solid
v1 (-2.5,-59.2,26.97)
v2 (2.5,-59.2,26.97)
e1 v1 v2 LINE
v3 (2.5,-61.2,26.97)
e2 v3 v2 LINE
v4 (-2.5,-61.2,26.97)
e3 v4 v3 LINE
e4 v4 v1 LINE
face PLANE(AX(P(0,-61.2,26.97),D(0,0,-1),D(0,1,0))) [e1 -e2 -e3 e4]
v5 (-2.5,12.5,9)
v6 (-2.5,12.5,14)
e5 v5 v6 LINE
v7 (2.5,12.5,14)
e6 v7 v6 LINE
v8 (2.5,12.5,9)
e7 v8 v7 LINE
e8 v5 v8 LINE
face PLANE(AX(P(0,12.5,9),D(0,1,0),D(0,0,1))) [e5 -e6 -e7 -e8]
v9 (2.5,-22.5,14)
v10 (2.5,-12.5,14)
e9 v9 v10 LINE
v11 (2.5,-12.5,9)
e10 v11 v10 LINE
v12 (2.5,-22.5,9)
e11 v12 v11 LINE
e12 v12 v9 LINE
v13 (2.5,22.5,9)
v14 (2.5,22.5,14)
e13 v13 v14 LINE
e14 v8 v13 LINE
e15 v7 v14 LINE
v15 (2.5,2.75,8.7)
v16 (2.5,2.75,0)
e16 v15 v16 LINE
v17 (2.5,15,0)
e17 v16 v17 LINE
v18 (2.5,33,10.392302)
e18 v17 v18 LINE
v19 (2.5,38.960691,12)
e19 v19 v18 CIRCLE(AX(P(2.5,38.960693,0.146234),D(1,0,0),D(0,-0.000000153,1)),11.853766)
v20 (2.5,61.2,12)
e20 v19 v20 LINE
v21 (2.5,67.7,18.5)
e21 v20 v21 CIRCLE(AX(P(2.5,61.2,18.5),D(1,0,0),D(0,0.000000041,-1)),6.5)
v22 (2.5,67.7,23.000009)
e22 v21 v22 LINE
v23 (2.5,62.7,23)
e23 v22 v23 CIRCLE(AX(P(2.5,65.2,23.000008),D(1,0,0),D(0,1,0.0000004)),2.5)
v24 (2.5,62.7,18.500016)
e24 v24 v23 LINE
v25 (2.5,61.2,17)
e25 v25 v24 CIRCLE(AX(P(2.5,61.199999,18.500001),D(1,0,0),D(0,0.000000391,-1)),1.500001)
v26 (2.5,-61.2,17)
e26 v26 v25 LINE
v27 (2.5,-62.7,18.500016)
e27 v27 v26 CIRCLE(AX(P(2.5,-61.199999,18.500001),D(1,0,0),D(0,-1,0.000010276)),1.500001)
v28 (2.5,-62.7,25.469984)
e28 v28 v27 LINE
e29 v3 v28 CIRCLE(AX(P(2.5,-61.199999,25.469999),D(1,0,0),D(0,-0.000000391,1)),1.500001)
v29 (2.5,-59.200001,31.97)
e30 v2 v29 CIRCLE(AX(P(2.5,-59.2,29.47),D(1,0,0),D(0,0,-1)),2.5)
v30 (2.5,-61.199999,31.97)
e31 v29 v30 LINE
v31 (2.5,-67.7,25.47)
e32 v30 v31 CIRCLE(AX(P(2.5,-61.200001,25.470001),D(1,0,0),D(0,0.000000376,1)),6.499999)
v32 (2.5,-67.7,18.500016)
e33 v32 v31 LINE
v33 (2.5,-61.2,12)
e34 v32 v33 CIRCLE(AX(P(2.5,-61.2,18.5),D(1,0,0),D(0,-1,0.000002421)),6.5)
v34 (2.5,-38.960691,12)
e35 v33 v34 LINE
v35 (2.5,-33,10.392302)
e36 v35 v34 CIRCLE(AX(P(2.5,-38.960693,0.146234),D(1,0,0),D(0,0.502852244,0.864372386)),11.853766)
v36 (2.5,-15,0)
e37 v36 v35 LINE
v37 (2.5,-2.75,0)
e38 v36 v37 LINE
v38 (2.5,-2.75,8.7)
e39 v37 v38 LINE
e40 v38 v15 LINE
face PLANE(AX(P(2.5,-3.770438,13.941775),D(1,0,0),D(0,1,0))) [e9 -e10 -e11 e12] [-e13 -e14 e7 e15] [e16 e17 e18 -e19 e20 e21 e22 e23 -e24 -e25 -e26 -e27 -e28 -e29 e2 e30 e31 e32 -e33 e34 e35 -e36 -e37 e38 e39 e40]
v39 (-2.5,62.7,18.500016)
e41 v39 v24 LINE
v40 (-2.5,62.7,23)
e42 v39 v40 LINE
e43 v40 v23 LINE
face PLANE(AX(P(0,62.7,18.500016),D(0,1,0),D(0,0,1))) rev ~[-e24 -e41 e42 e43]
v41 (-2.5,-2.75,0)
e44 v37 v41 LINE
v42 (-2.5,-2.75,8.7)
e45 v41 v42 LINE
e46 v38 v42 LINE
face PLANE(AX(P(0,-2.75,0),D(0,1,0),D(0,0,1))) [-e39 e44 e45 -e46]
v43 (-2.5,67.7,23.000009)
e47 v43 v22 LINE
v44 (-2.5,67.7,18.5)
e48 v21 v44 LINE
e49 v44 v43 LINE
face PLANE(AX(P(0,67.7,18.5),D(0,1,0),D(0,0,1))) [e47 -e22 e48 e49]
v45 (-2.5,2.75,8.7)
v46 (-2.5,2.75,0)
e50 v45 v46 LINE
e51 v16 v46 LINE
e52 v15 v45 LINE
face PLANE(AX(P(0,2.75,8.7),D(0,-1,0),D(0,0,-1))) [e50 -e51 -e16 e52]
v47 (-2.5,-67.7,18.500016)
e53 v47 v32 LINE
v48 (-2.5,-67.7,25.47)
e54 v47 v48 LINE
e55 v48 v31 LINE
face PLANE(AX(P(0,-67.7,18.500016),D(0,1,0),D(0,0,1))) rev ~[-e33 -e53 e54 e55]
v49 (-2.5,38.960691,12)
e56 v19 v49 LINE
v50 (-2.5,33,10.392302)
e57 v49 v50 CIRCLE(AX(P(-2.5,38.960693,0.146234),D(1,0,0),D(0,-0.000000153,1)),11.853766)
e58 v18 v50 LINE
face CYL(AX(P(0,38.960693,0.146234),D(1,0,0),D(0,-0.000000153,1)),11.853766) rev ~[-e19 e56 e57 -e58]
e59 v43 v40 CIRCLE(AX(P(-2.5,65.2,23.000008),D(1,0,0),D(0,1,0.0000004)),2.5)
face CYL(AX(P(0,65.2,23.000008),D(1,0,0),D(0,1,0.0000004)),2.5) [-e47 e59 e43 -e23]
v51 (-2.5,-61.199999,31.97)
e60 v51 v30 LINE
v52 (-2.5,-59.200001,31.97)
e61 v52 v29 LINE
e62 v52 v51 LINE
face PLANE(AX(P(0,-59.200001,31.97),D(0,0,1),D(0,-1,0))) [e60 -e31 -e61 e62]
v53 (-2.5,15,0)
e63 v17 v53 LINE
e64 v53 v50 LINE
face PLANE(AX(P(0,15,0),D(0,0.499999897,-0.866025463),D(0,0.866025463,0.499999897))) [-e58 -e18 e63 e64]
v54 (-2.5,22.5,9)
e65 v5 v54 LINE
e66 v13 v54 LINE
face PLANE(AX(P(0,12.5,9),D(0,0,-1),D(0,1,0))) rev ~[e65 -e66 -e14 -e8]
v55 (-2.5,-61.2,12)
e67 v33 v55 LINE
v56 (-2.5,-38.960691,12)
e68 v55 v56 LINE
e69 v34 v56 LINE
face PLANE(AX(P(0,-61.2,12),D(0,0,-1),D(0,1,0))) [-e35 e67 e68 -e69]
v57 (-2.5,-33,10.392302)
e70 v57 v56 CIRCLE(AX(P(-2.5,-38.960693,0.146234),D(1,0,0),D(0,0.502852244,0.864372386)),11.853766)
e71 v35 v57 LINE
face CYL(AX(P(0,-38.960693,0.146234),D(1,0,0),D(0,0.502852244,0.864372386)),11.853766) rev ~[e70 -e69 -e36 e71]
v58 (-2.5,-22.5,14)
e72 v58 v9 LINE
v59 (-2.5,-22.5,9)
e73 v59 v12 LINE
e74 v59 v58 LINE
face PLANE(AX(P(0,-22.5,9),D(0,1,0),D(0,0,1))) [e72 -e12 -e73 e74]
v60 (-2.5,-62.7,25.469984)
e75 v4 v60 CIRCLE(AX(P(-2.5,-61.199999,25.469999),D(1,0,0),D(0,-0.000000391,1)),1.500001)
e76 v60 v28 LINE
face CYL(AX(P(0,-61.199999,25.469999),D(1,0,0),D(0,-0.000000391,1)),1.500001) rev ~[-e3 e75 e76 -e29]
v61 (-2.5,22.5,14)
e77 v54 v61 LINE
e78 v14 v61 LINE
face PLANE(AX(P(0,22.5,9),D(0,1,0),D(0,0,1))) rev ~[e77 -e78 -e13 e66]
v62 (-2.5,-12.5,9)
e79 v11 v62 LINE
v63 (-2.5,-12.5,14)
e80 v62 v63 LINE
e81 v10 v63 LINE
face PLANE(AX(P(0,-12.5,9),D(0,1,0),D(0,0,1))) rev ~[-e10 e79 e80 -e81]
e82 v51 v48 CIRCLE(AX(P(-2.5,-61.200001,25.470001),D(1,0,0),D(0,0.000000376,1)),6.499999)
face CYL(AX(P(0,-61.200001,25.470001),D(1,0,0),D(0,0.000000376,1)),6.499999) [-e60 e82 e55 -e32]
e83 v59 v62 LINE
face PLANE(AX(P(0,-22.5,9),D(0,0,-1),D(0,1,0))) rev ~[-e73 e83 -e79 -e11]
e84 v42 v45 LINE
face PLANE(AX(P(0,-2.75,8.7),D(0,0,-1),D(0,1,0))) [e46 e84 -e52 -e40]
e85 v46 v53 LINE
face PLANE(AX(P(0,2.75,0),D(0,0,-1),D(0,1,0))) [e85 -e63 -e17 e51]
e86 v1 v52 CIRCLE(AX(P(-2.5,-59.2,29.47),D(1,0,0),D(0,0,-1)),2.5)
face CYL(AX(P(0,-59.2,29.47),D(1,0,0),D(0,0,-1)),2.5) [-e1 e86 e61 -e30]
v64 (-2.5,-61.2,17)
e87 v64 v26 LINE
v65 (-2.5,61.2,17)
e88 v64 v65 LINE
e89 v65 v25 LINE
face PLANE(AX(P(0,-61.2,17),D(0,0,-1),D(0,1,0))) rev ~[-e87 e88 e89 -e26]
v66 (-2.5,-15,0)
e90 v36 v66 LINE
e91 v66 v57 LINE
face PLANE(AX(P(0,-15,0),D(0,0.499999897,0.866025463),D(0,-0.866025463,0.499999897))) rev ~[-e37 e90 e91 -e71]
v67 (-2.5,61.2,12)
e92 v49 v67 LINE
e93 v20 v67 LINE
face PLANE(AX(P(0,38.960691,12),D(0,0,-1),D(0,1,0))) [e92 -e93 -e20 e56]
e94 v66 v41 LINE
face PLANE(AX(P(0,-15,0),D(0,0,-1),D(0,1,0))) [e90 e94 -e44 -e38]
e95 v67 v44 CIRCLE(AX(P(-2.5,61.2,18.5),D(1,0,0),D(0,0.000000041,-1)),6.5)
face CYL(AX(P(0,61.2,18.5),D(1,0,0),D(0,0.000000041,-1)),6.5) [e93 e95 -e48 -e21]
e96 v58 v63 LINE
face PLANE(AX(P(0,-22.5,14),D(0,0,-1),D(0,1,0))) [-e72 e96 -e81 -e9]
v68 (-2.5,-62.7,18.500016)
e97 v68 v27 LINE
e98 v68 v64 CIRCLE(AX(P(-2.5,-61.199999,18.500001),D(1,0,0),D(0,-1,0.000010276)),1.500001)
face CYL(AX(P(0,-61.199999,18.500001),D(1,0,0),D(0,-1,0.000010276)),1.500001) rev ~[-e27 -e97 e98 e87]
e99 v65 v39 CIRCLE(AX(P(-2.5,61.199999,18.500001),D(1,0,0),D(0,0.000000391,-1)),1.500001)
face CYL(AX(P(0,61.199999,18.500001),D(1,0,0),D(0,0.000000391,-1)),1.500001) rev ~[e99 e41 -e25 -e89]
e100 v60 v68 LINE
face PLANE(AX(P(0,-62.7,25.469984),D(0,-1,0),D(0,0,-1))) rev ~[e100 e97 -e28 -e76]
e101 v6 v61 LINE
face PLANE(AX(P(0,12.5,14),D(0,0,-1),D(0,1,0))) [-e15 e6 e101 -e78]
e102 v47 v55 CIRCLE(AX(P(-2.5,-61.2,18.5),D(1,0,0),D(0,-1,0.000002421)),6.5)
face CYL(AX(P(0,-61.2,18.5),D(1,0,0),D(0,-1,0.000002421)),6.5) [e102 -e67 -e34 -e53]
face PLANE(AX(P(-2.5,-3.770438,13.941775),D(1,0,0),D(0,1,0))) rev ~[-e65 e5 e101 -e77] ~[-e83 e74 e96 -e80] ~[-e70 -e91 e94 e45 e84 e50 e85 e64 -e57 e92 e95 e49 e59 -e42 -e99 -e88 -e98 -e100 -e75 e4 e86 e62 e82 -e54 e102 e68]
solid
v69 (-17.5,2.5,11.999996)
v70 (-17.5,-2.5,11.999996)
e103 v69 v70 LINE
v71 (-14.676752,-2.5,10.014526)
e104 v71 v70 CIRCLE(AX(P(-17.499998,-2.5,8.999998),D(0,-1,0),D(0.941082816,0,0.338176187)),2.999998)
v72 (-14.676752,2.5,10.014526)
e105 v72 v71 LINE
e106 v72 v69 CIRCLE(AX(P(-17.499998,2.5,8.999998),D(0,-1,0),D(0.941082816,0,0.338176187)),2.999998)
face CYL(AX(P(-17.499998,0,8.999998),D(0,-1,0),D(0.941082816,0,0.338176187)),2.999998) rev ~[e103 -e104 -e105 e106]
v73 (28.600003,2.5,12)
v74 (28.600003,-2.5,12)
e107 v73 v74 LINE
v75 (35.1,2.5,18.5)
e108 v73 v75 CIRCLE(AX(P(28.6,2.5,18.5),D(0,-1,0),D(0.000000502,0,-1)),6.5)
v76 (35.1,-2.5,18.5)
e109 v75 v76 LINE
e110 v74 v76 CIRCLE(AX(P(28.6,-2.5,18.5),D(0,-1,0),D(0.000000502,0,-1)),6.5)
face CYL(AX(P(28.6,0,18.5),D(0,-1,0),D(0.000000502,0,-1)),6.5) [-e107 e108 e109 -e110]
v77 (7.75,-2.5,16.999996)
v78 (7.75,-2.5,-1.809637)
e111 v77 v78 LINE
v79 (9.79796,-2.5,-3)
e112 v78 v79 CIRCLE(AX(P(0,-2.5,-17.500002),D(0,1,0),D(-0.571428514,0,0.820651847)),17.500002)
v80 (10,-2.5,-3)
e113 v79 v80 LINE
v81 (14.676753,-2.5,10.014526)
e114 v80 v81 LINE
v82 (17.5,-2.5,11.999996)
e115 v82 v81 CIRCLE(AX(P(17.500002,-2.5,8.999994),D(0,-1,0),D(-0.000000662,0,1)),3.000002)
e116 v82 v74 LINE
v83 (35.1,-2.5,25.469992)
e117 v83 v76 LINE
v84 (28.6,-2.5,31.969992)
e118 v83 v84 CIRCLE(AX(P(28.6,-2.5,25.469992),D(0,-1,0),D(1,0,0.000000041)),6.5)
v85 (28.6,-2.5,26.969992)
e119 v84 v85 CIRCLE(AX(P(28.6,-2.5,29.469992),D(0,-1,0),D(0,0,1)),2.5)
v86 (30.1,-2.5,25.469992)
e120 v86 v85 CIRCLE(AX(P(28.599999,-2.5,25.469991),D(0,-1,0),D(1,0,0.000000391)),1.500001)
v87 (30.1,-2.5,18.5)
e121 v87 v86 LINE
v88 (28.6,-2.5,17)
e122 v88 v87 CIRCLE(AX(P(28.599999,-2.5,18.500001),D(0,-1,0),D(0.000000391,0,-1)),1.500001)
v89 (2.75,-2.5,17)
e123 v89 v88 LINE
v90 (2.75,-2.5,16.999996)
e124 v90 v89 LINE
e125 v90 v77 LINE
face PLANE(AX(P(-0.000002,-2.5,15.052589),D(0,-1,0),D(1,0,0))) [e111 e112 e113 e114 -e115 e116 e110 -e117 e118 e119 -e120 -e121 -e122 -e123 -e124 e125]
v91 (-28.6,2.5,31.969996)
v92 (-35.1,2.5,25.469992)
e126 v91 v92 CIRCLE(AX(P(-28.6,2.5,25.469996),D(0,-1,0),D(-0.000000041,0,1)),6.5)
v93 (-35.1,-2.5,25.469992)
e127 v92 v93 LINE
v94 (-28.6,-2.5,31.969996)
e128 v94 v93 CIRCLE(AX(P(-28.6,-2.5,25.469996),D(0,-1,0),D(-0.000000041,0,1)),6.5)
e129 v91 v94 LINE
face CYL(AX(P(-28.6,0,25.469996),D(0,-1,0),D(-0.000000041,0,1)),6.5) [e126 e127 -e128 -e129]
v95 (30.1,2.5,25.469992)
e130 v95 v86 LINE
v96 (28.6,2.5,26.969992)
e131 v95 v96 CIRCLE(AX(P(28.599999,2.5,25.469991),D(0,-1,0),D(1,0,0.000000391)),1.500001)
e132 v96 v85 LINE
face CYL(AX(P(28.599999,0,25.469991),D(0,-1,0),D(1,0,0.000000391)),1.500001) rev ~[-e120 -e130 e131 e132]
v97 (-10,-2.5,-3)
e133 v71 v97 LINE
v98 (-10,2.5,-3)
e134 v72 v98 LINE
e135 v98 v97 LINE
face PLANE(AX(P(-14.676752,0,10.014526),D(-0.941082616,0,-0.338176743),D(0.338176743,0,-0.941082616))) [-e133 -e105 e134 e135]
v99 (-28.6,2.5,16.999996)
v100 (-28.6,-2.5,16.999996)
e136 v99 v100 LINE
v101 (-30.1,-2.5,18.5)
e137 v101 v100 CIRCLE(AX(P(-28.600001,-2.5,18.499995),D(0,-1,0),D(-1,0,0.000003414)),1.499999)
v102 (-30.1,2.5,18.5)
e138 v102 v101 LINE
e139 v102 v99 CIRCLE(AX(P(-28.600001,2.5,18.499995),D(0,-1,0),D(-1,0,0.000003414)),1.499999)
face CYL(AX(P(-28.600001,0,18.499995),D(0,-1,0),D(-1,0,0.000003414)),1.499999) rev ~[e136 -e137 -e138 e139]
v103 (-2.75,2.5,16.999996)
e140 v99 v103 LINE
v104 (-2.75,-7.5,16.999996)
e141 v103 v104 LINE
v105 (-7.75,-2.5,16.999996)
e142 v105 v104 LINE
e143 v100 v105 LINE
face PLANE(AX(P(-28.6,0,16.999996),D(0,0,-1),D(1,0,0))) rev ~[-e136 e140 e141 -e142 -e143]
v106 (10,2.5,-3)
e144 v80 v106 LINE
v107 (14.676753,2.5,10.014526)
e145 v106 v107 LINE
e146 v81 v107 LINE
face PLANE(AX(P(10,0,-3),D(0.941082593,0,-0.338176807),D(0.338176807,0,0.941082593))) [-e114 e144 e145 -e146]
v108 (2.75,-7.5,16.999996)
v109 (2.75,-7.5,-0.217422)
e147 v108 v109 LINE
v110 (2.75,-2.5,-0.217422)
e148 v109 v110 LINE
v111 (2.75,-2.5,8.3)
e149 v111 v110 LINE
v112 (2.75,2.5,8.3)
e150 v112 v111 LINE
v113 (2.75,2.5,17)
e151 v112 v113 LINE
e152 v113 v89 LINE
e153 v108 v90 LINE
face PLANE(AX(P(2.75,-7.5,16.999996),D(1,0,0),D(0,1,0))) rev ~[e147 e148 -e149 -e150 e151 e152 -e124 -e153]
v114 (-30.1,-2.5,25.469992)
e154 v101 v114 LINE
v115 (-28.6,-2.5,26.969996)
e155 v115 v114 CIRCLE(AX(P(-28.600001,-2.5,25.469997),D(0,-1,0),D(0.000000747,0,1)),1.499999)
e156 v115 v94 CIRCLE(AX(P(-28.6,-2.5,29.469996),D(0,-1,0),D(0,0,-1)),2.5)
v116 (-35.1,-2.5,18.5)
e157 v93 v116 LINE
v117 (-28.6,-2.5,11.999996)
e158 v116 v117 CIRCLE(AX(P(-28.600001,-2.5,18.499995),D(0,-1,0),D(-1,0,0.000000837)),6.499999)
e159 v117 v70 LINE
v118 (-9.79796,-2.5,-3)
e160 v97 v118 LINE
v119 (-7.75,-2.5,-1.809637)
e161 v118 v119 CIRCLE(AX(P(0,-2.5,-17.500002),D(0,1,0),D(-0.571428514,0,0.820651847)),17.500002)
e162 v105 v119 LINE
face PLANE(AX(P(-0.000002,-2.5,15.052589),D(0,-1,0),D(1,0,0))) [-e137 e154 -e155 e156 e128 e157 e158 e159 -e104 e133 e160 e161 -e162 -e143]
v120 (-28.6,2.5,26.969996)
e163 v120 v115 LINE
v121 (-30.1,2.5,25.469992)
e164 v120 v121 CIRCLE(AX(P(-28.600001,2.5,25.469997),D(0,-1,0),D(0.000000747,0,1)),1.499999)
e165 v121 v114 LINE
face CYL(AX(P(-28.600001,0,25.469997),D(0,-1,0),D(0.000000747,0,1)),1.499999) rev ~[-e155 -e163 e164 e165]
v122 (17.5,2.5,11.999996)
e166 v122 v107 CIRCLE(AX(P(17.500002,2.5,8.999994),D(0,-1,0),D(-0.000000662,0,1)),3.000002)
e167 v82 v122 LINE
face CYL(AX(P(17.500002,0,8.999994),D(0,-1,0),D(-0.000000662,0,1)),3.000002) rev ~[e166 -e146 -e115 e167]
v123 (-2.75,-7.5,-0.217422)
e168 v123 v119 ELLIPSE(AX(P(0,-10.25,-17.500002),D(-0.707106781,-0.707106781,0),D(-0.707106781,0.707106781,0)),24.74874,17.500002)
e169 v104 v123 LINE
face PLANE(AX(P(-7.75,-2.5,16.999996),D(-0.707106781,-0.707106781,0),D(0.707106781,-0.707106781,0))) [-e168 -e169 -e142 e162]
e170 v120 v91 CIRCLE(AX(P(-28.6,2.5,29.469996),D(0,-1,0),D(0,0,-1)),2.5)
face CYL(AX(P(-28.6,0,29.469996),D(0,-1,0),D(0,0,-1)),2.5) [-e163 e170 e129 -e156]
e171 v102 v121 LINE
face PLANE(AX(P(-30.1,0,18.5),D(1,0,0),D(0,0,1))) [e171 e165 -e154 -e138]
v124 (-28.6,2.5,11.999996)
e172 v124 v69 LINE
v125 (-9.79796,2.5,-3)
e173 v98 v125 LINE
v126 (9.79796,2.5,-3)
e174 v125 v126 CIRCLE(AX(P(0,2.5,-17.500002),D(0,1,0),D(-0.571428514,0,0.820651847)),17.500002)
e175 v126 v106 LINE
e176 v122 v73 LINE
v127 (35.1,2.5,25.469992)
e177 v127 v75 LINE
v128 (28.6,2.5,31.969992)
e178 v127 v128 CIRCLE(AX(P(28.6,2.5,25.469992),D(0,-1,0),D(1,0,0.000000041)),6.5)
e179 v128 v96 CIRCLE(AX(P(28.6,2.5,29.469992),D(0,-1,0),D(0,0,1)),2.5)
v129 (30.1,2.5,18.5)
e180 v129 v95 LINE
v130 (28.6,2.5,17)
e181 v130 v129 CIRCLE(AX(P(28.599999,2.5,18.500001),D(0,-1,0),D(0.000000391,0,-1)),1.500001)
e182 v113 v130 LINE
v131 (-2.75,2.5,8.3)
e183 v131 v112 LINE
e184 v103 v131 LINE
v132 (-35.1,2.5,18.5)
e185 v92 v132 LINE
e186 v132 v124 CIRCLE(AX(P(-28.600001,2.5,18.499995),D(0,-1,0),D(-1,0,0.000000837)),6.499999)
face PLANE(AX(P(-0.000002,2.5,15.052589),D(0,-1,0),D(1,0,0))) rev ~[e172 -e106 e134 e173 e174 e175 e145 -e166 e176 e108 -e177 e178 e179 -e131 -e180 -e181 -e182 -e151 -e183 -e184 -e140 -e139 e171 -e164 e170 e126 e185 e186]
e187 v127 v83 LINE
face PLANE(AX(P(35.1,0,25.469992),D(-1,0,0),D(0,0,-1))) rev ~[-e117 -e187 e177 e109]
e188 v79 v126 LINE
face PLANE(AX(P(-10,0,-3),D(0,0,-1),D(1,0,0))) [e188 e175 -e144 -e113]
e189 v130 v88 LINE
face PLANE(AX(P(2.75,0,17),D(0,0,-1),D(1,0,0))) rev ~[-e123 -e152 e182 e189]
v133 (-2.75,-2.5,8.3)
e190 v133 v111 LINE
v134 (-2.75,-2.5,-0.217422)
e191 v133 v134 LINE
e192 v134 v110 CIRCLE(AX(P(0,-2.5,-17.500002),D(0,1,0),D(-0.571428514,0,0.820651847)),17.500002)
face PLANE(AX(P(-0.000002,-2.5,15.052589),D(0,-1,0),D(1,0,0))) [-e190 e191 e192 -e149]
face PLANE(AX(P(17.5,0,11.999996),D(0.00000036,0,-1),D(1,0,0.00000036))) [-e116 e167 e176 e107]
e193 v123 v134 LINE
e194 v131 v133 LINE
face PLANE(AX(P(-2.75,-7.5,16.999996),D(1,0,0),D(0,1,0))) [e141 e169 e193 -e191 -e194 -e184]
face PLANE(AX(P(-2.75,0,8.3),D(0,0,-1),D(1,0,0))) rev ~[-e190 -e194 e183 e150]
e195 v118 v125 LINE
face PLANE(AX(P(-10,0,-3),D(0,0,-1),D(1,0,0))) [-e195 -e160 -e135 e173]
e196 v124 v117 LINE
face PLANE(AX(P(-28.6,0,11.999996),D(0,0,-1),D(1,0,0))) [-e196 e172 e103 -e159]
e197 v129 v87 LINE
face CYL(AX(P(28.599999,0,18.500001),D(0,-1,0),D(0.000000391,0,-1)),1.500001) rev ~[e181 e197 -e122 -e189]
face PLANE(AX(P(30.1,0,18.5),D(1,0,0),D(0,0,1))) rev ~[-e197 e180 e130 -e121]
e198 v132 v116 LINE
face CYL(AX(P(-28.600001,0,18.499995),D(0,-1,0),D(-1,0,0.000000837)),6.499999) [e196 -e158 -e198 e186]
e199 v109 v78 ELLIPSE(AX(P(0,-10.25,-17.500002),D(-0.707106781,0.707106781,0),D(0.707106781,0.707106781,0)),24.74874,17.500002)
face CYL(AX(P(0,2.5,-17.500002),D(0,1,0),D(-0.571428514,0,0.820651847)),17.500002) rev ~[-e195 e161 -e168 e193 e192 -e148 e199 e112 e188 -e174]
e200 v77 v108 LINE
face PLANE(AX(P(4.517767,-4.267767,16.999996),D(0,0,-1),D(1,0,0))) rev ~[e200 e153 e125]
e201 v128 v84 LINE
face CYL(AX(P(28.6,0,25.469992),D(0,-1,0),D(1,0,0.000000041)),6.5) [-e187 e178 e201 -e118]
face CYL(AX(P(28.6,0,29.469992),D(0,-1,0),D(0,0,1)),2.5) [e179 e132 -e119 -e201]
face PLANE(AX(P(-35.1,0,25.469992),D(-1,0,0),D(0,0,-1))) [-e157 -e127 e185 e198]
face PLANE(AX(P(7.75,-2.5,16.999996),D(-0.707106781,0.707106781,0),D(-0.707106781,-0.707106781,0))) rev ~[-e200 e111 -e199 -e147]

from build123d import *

# Parameters (mm, degrees)
SKETCH_W     = 10
SKETCH_H     = 5
PAD_DEPTH    = 2.5
PAD001_DEPTH = 2.5
PAD002_DEPTH = 20
POCKET_DEPTH = 10


with BuildPart() as vertical:
    # Sketch → Pad (new body, symmetric)
    with BuildSketch(Plane.YZ):
        with BuildLine():
            Line((67.7, 18.5), (67.7, 23.000009))
            ThreePointArc((67.7, 23.000009), (65.199996, 25.500008), (62.7, 23))
            Line((62.7, 18.500016), (62.7, 23))
            ThreePointArc((61.2, 17), (62.260666, 17.439346), (62.7, 18.500016))
            Line((-61.2, 17), (61.2, 17))
            ThreePointArc((-62.7, 18.500016), (-62.260666, 17.439346), (-61.2, 17))
            Line((-62.7, 25.469984), (-62.7, 18.500016))
            ThreePointArc((-61.2, 26.97), (-62.260666, 26.530654), (-62.7, 25.469984))
            Line((-61.2, 26.97), (-59.2, 26.97))
            ThreePointArc((-59.2, 26.97), (-56.7, 29.470001), (-59.200001, 31.97))
            Line((-59.200001, 31.97), (-61.199999, 31.97))
            ThreePointArc((-61.199999, 31.97), (-65.796194, 30.066195), (-67.7, 25.47))
            Line((-67.7, 18.500016), (-67.7, 25.47))
            ThreePointArc((-67.7, 18.500016), (-65.7962, 13.903812), (-61.2, 12))
            Line((-61.2, 12), (-38.960691, 12))
            ThreePointArc((-33, 10.392302), (-35.873843, 11.59102), (-38.960691, 12))
            Line((-15, 0), (-33, 10.392302))
            Line((-15, 0), (-2.75, 0))
            Line((-2.75, 0), (-2.75, 8.7))
            Line((-2.75, 8.7), (2.75, 8.7))
            Line((2.75, 8.7), (2.75, 0))
            Line((2.75, 0), (15, 0))
            Line((15, 0), (33, 10.392302))
            ThreePointArc((38.960691, 12), (35.873843, 11.59102), (33, 10.392302))
            Line((38.960691, 12), (61.2, 12))
            ThreePointArc((61.2, 12), (65.796194, 13.903806), (67.7, 18.5))
        make_face()
        with Locations((-17.5, 11.5)):
            Rectangle(SKETCH_W, SKETCH_H, mode=Mode.SUBTRACT)
        with Locations((17.5, 11.5)):
            Rectangle(SKETCH_W, SKETCH_H, mode=Mode.SUBTRACT)
    extrude(amount=PAD_DEPTH, both=True)


with BuildPart() as fusion:
    # Sketch001 → Pad001 (new body, symmetric)
    with BuildSketch(Plane.XZ):
        with BuildLine():
            Line((17.5, 11.999996), (28.600003, 12))
            ThreePointArc((28.600003, 12), (33.196195, 13.903807), (35.1, 18.5))
            Line((35.1, 25.469992), (35.1, 18.5))
            ThreePointArc((35.1, 25.469992), (33.196194, 30.066186), (28.6, 31.969992))
            ThreePointArc((28.6, 31.969992), (26.1, 29.469992), (28.6, 26.969992))
            ThreePointArc((30.1, 25.469992), (29.66066, 26.530652), (28.6, 26.969992))
            Line((30.1, 18.5), (30.1, 25.469992))
            ThreePointArc((28.6, 17), (29.66066, 17.43934), (30.1, 18.5))
            Line((2.75, 17), (28.6, 17))
            Line((2.75, 8.3), (2.75, 17))
            Line((-2.75, 8.3), (2.75, 8.3))
            Line((-2.75, 16.999996), (-2.75, 8.3))
            Line((-28.6, 16.999996), (-2.75, 16.999996))
            ThreePointArc((-30.1, 18.5), (-29.660662, 17.439337), (-28.6, 16.999996))
            Line((-30.1, 18.5), (-30.1, 25.469992))
            ThreePointArc((-28.6, 26.969996), (-29.660662, 26.530655), (-30.1, 25.469992))
            ThreePointArc((-28.6, 26.969996), (-26.1, 29.469996), (-28.6, 31.969996))
            ThreePointArc((-28.6, 31.969996), (-33.196195, 30.066189), (-35.1, 25.469992))
            Line((-35.1, 25.469992), (-35.1, 18.5))
            ThreePointArc((-35.1, 18.5), (-33.196196, 13.903803), (-28.6, 11.999996))
            Line((-28.6, 11.999996), (-17.5, 11.999996))
            ThreePointArc((-14.676752, 10.014526), (-15.774252, 11.453931), (-17.5, 11.999996))
            Line((-14.676752, 10.014526), (-10, -3))
            Line((-10, -3), (10, -3))
            Line((10, -3), (14.676753, 10.014526))
            ThreePointArc((17.5, 11.999996), (15.774253, 11.45393), (14.676753, 10.014526))
        make_face()
    extrude(amount=PAD001_DEPTH, both=True)

    # Sketch002 → Pad002 (new body)
    with BuildSketch(Plane(origin=(0, 0, 16.999996), x_dir=(-1, 0, 0), z_dir=(0, 0, 1))):
        Polygon((-7.75, 2.5), (-2.75, 7.5), (-2.75, 2.5), align=None)
        Polygon((2.75, 7.5), (2.75, 2.5), (7.75, 2.5), align=None)
    extrude(amount=-PAD002_DEPTH)

    # Sketch003 → Pocket (cut)
    with BuildSketch(Plane(origin=(0, 2.5, 0), x_dir=(1, 0, 0), z_dir=(0, 1, 0))):
        with BuildLine():
            ThreePointArc((-10, 3.138593), (0, 0), (10, 3.138593))
            Line((-10, 3.138593), (10, 3.138593))
        make_face()
    extrude(amount=-POCKET_DEPTH, mode=Mode.SUBTRACT)

    # Fusion: union Vertical
    add(vertical.part)


solid = fusion.part
